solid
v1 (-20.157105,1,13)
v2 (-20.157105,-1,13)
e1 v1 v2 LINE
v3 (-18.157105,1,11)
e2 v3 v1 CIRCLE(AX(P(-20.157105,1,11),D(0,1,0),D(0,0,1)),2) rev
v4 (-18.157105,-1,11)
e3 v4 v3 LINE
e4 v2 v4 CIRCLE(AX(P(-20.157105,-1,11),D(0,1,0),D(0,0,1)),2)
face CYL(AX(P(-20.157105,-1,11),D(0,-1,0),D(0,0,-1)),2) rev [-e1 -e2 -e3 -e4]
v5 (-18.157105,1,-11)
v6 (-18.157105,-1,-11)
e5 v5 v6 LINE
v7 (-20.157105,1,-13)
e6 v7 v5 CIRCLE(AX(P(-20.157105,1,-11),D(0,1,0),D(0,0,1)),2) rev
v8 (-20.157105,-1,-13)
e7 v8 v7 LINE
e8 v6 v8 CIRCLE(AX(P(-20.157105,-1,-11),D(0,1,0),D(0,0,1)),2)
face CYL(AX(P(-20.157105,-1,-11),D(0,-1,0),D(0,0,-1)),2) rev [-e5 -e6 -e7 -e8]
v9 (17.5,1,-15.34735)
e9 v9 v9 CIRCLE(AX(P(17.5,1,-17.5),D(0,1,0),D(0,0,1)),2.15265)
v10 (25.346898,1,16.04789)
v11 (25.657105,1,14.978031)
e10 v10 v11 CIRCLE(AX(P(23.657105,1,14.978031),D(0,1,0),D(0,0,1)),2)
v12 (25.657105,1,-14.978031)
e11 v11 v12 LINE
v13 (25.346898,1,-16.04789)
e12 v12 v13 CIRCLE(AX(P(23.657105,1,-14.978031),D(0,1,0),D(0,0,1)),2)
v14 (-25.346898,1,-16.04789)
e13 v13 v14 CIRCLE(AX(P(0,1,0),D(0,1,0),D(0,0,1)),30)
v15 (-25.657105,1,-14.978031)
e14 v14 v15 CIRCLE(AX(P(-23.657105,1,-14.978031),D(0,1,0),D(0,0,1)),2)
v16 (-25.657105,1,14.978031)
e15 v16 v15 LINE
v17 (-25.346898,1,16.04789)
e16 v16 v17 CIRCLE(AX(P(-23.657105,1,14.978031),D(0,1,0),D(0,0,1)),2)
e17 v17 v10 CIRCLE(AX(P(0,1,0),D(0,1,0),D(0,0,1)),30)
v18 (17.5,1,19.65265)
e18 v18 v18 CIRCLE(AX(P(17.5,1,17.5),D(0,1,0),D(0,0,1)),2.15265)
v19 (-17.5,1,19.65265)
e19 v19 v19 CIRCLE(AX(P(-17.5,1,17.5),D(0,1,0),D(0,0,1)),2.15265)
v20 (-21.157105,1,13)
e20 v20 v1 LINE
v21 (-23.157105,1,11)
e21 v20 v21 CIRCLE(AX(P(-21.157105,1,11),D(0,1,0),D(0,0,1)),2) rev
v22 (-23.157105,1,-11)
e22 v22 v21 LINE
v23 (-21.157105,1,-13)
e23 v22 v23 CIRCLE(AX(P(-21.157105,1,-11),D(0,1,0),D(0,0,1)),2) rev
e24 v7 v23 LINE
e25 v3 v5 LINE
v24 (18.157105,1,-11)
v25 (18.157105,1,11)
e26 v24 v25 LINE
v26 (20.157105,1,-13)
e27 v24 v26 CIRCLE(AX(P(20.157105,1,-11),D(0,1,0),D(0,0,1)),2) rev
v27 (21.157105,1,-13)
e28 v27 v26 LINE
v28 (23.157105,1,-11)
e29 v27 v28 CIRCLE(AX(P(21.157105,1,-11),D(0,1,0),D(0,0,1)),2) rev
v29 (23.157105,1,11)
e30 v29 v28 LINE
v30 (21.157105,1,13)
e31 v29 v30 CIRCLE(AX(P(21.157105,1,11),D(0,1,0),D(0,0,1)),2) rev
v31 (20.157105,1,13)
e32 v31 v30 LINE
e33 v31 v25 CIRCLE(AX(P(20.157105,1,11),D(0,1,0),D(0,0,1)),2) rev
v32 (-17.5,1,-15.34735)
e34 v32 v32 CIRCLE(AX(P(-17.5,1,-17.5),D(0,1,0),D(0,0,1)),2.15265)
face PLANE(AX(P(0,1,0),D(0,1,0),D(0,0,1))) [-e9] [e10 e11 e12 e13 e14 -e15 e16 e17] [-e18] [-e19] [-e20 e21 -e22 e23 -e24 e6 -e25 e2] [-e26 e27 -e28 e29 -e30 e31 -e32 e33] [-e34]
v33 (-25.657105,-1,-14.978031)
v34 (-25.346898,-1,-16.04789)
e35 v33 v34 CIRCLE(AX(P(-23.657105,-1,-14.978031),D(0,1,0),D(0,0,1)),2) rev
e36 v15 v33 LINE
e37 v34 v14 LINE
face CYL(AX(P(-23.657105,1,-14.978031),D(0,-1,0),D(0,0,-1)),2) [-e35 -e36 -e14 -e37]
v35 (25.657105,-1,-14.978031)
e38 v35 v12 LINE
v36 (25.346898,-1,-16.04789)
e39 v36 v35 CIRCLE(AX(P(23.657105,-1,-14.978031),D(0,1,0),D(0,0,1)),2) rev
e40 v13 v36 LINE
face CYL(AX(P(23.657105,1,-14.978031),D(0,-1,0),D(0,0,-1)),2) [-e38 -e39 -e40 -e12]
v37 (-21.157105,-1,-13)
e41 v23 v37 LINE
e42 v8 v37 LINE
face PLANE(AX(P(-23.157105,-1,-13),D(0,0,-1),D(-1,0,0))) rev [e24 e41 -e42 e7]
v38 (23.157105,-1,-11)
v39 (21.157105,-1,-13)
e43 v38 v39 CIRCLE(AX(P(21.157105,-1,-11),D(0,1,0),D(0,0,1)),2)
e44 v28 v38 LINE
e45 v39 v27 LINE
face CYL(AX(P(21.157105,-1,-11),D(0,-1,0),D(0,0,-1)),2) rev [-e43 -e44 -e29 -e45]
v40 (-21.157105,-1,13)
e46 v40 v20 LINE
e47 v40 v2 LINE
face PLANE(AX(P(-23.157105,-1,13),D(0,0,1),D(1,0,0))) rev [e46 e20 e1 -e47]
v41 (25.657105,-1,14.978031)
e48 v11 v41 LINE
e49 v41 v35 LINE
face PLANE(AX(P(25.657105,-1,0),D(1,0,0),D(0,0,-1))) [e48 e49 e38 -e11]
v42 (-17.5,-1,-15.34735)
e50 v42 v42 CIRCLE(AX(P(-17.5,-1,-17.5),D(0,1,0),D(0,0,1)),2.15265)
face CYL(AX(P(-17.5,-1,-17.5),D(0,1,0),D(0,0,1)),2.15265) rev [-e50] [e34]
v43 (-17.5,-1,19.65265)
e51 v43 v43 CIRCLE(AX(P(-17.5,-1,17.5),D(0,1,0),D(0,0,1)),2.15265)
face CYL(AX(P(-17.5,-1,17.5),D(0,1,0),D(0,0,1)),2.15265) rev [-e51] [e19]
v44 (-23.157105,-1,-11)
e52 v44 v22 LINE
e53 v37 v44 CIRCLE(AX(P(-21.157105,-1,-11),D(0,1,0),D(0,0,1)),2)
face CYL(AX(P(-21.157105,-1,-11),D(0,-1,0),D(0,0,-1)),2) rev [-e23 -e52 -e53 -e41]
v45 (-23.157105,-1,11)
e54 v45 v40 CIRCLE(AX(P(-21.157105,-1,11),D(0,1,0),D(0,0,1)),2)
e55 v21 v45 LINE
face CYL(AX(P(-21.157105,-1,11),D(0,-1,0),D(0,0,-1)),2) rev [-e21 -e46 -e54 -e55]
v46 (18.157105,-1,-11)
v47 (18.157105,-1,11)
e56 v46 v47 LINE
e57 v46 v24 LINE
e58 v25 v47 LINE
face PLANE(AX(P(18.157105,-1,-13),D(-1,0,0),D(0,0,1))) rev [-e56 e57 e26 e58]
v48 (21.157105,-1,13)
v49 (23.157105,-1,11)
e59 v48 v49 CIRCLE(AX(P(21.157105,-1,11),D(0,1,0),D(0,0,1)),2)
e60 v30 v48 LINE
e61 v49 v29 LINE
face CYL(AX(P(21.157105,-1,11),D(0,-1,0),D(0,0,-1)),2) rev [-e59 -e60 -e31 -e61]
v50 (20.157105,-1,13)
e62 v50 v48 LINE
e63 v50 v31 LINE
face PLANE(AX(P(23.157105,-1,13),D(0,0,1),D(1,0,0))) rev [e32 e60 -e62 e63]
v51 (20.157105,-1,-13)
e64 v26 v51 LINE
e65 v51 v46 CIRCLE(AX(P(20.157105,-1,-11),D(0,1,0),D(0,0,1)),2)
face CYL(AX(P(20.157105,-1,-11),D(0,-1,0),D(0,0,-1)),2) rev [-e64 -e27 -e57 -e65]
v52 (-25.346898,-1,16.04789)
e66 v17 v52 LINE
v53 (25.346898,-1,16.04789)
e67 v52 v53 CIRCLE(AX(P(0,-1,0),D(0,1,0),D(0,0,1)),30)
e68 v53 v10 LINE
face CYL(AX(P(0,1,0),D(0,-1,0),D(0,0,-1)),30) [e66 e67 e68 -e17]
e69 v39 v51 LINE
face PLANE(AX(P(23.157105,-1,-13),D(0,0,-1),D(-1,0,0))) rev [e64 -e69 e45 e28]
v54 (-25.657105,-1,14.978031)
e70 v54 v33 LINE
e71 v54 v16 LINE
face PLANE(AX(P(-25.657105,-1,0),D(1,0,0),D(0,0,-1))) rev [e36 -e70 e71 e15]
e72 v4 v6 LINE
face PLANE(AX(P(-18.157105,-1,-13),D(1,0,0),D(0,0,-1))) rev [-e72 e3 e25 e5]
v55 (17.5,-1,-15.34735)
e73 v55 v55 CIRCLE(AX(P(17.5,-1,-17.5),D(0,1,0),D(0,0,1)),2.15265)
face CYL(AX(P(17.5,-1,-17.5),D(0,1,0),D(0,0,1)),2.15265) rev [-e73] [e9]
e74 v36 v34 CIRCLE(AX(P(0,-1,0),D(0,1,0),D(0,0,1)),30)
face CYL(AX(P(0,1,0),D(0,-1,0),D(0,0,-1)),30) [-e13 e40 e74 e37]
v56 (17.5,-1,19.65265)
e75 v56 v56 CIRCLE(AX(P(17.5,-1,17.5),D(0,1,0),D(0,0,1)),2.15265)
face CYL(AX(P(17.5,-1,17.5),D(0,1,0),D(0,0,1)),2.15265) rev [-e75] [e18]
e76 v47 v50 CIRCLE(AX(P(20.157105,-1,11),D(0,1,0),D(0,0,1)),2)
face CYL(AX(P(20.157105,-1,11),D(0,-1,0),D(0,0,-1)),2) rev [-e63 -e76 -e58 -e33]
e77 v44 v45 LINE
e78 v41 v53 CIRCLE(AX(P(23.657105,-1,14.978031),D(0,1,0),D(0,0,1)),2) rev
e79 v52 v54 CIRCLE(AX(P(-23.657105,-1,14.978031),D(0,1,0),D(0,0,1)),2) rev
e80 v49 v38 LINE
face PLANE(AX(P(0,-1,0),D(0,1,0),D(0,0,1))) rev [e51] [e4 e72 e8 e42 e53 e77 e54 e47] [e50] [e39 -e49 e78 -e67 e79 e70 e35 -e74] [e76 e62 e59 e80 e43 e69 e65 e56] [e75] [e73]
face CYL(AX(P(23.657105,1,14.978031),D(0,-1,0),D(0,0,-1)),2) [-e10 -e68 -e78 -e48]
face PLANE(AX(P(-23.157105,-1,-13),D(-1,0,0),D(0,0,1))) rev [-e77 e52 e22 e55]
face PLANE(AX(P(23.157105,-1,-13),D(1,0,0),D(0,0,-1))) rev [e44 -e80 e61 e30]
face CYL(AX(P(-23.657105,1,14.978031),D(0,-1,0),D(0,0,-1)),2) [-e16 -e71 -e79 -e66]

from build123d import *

# Parameters (mm, degrees)
SKETCH2_R         = 30
ACRYLICBASE_DEPTH = 1
SKETCH3_W         = 5
SKETCH3_H         = 26
WHEELS_DEPTH      = 43.473521163
SKETCH4_R         = 2.15265
HOLES_DEPTH       = 43.473521163
FLATSIDES_DEPTH   = 43.473521163
RELIEFS_R         = 2


with BuildPart() as part:
    # Sketch2 → AcrylicBase (new, symmetric)
    with BuildSketch(Plane(origin=(0, 0, 0), x_dir=(1, 0, 0), z_dir=(0, 1, 0))):
        Circle(SKETCH2_R)
    extrude(amount=ACRYLICBASE_DEPTH, both=True)

    # Sketch3 → wheels (cut, through all)
    with BuildSketch(Plane(origin=(0, 1, 0), x_dir=(1, 0, 0), z_dir=(0, 1, 0))):
        with Locations((-20.657104633, 0)):
            Rectangle(SKETCH3_W, SKETCH3_H)
        with Locations((20.657104633, 0)):
            Rectangle(SKETCH3_W, SKETCH3_H)
    extrude(amount=-WHEELS_DEPTH, mode=Mode.SUBTRACT)

    # Sketch4 → holes (cut, through all)
    with BuildSketch(Plane(origin=(0, 1, 0), x_dir=(1, 0, 0), z_dir=(0, 1, 0))):
        with Locations((-17.5, 17.5)):
            Circle(SKETCH4_R)
        with Locations((-17.5, -17.5)):
            Circle(SKETCH4_R)
        with Locations((17.5, -17.5)):
            Circle(SKETCH4_R)
        with Locations((17.5, 17.5)):
            Circle(SKETCH4_R)
    extrude(amount=-HOLES_DEPTH, mode=Mode.SUBTRACT)

    # Sketch5 → flatSides (cut, through all)
    with BuildSketch(Plane(origin=(0, 1, 0), x_dir=(1, 0, 0), z_dir=(0, 1, 0))):
        with BuildLine():
            ThreePointArc((-25.657104633, 15.547121337), (-30, 0), (-25.657104633, -15.547121337))
            Line((-25.657104633, -15.547121337), (-25.657104633, 15.547121337))
        make_face()
        with BuildLine():
            Line((25.657104633, 15.547121337), (25.657104633, -15.547121337))
            ThreePointArc((25.657104633, -15.547121337), (30, 0), (25.657104633, 15.547121337))
        make_face()
    extrude(amount=-FLATSIDES_DEPTH, mode=Mode.SUBTRACT)

    # reliefs
    reliefs_edges = [part.edges().sort_by_distance(p)[0] for p in [
        (18.157104633, 0, -13),
        (23.157104633, 0, -13),
        (23.157104633, 0, 13),
        (18.157104633, 0, 13),
        (-23.157104633, 0, 13),
        (-18.157104633, 0, 13),
        (-18.157104633, 0, -13),
        (-23.157104633, 0, -13),
        (25.657104633, 0, -15.547121337),
        (25.657104633, 0, 15.547121337),
        (-25.657104633, 0, 15.547121337),
        (-25.657104633, 0, -15.547121337),
    ]]
    fillet(reliefs_edges, radius=RELIEFS_R)


solid = part.part
